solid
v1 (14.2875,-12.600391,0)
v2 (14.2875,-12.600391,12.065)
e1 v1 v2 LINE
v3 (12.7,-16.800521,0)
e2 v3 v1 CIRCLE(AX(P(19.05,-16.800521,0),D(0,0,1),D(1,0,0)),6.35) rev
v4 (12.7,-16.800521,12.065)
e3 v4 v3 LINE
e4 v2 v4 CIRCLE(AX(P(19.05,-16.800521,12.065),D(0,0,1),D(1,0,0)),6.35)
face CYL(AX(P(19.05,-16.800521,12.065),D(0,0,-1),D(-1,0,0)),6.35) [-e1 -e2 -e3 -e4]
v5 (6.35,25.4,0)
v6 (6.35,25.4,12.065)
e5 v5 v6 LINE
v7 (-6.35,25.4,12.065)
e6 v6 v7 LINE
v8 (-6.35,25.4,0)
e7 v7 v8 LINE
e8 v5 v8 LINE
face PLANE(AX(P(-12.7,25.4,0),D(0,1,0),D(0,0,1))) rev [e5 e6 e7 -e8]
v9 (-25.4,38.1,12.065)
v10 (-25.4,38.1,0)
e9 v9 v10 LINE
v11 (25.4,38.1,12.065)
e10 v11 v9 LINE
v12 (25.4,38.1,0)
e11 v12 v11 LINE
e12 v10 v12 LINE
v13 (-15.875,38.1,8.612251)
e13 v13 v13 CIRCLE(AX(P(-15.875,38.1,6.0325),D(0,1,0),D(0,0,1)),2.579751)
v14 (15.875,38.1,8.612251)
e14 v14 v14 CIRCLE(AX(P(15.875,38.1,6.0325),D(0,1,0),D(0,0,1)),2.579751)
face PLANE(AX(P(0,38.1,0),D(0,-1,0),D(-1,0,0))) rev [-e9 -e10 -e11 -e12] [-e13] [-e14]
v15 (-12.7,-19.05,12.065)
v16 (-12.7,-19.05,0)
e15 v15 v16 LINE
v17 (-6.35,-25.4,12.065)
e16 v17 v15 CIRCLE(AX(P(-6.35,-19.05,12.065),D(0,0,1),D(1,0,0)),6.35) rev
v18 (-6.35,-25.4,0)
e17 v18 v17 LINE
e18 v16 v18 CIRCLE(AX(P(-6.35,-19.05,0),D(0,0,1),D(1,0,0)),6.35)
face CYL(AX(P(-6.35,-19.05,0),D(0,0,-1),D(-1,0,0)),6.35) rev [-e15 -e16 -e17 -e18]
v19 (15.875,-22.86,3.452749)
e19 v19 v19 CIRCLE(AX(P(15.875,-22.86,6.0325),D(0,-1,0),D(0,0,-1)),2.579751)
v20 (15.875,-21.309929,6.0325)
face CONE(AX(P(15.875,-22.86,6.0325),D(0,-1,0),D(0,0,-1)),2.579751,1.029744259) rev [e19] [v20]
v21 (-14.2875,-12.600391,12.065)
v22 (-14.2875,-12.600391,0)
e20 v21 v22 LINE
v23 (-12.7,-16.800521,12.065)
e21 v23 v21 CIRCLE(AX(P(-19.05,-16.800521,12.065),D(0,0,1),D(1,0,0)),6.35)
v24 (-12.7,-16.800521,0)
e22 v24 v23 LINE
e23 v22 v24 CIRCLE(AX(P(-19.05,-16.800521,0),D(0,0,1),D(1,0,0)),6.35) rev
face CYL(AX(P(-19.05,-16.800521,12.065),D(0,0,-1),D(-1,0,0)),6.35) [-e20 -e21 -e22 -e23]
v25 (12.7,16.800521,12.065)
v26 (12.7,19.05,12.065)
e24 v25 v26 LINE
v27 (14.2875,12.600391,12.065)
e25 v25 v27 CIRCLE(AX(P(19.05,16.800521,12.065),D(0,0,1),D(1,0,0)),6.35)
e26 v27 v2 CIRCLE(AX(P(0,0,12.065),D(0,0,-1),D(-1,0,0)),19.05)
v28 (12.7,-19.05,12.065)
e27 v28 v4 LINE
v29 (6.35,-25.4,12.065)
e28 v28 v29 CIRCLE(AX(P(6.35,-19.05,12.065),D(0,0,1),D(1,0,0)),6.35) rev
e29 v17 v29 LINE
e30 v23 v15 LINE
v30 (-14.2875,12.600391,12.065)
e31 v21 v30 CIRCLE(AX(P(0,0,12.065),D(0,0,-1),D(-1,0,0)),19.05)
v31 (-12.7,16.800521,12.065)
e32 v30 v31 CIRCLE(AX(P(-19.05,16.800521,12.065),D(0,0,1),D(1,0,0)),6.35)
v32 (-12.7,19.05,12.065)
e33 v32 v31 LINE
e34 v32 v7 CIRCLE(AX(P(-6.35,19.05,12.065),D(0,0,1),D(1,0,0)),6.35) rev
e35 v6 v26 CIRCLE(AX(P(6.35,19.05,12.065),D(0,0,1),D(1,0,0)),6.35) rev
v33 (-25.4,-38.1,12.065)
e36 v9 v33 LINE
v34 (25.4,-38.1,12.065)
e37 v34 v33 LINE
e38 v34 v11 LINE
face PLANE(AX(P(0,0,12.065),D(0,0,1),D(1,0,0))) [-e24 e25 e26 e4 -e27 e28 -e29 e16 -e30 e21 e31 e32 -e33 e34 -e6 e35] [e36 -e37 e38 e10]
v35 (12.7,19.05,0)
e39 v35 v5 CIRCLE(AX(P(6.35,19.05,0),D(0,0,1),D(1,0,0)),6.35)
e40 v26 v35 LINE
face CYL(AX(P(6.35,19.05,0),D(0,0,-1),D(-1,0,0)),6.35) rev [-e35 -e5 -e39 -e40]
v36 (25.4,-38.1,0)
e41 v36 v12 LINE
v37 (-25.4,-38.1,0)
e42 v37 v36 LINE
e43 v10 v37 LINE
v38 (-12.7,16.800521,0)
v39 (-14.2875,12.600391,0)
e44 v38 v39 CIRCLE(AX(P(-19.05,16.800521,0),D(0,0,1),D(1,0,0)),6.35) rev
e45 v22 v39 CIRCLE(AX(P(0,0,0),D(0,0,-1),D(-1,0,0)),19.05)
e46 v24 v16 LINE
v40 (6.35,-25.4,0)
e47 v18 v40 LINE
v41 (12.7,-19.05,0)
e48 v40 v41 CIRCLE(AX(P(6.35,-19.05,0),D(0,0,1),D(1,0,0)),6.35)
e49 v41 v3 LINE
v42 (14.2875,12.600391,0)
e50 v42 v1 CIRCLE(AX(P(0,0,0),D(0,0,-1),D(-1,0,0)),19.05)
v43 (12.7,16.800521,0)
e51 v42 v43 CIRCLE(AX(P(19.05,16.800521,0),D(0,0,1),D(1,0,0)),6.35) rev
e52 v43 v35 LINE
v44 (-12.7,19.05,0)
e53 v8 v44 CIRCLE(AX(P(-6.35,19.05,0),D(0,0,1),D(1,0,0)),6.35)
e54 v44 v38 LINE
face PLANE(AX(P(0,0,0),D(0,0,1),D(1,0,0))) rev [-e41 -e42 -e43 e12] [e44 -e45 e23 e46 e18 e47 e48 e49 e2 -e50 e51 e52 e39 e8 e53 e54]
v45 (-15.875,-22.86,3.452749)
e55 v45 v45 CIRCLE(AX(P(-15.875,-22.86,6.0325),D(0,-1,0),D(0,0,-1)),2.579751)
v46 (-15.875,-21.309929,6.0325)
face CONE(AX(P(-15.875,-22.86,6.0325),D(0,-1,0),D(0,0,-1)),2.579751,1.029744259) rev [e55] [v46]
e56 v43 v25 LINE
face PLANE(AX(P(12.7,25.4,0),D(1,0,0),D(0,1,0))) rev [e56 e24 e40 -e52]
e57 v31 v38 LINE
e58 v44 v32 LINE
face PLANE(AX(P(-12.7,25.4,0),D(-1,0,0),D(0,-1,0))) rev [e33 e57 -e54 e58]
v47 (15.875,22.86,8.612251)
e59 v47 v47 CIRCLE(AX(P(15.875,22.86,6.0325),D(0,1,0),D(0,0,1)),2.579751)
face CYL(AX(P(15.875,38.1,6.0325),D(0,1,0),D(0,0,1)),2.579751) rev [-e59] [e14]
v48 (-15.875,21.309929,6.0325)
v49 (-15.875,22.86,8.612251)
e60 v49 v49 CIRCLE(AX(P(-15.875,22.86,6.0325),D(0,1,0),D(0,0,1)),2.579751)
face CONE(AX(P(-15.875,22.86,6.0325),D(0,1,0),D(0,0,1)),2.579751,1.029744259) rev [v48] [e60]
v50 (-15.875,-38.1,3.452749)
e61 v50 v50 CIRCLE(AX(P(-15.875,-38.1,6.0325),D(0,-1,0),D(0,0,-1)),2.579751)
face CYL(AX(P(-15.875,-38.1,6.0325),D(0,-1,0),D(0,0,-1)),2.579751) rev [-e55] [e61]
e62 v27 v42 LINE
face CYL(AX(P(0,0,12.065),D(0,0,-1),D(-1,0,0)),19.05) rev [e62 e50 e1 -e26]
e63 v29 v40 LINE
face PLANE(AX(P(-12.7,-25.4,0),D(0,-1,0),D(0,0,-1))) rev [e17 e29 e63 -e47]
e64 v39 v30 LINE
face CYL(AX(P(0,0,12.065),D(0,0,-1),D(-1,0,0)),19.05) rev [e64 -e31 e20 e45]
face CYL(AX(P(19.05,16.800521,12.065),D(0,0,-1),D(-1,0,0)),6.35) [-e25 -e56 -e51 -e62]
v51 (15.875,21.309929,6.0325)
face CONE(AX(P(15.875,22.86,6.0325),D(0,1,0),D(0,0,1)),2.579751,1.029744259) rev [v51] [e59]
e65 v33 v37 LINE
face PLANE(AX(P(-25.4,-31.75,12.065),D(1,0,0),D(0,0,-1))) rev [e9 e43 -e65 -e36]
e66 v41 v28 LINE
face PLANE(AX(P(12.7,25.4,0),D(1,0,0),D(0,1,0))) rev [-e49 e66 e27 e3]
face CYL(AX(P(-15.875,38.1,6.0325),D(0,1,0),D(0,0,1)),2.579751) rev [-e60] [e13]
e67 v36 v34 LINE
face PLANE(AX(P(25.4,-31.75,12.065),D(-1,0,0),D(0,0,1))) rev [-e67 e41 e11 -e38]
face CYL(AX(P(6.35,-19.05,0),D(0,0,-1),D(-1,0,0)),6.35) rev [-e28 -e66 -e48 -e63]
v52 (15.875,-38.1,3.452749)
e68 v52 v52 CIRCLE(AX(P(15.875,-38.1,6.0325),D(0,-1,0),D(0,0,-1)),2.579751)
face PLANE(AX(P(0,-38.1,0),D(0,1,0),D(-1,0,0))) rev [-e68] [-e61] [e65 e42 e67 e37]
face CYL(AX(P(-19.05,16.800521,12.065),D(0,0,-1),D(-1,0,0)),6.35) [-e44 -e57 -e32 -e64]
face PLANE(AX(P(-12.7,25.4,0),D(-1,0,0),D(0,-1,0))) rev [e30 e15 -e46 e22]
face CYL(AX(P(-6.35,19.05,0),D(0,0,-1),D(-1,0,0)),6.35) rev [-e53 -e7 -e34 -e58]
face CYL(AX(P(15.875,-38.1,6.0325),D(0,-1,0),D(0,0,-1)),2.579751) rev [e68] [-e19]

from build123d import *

# Parameters (mm, degrees)
SKETCH1_W                                 = 50.8
SKETCH1_H                                 = 63.5
BOSS_EXTRUDE1_DEPTH                       = 12.065
SKETCH6_W                                 = 50.8
SKETCH6_H                                 = 12.065
BOSS_EXTRUDE2_DEPTH                       = 6.35
F_13_64_0_20313_DIAMETER_HOLE1_AT_2_COUNT = 2
F_13_64_0_20313_DIAMETER_HOLE1_AT_2_PITCH = 31.75
SKETCH12_W                                = 25.4
SKETCH12_H                                = 50.8
CUT_EXTRUDE7_DEPTH                        = 48.353291596
FILLET1_R                                 = 6.35
SKETCH13_R                                = 19.05
CUT_EXTRUDE8_DEPTH                        = 48.353291596
FILLET2_R                                 = 6.35


with BuildPart() as part:
    # Sketch1 → Boss-Extrude1 (new body)
    with BuildSketch(Plane.XY):
        Rectangle(SKETCH1_W, SKETCH1_H)
    extrude(amount=BOSS_EXTRUDE1_DEPTH)

    # Sketch6 → Boss-Extrude2 (add)
    with BuildSketch(Plane.XZ.offset(31.75)):
        with Locations((0, 6.0325)):
            Rectangle(SKETCH6_W, SKETCH6_H)
    boss_extrude2 = extrude(amount=BOSS_EXTRUDE2_DEPTH)

    # Sketch8 → 13_64 _0.20313_ Diameter Hole1 (revolve, cut)
    with BuildSketch(Plane(origin=(-15.875, -38.1, 6.0325), x_dir=(0, 0, -1), z_dir=(1, 0, 0))):
        Polygon((0, 0), (0, 16.790070783), (2.579751, 15.24), (2.579751, 0), align=None)
    f_13_64_0_20313_diameter_hole1 = revolve(axis=Axis((-15.875, -44.45, 6.0325), (0, 1, 0)), mode=Mode.SUBTRACT)

    # 13_64 _0.20313_ Diameter Hole1 at 2: 13_64 _0.20313_ Diameter Hole1 ×2
    with Locations(*[(i * F_13_64_0_20313_DIAMETER_HOLE1_AT_2_PITCH, 0, 0) for i in range(1, F_13_64_0_20313_DIAMETER_HOLE1_AT_2_COUNT)]):
        add(f_13_64_0_20313_diameter_hole1, mode=Mode.SUBTRACT)

    # Mirror2: Boss-Extrude2, 13_64 _0.20313_ Diameter Hole1 across plane
    add(boss_extrude2.mirror(Plane.ZX))
    add(f_13_64_0_20313_diameter_hole1.mirror(Plane.ZX), mode=Mode.SUBTRACT)

    # Mirror2 copy 1 sketch → Mirror2 copy 1 (revolve, cut)
    with BuildSketch(Plane(origin=(15.875, 38.1, 6.0325), x_dir=(0, 0, -1), z_dir=(1, 0, 0))):
        Polygon((0, 0), (0, -16.790070783), (2.579751, -15.24), (2.579751, 0), align=None)
    revolve(axis=Axis((15.875, 44.45, 6.0325), (0, 1, 0)), mode=Mode.SUBTRACT)

    # Sketch12 → Cut-Extrude7 (cut, through all)
    with BuildSketch(Plane.XY.offset(12.065)):
        Rectangle(SKETCH12_W, SKETCH12_H)
    extrude(amount=-CUT_EXTRUDE7_DEPTH, mode=Mode.SUBTRACT)

    # Fillet1
    fillet1_edges = [part.edges().sort_by_distance(p)[0] for p in [
        (-12.7, -25.4, 6.0325),
        (-12.7, 25.4, 6.0325),
        (12.7, 25.4, 6.0325),
        (12.7, -25.4, 6.0325),
    ]]
    fillet(fillet1_edges, radius=FILLET1_R)

    # Sketch13 → Cut-Extrude8 (cut, through all)
    with BuildSketch(Plane(origin=(0, 0, 0), x_dir=(-1, 0, 0), z_dir=(0, 0, -1))):
        Circle(SKETCH13_R)
    extrude(amount=-CUT_EXTRUDE8_DEPTH, mode=Mode.SUBTRACT)

    # Fillet2
    fillet2_edges = [part.edges().sort_by_distance(p)[0] for p in [
        (12.7, 14.199031657, 6.0325),
        (12.7, -14.199031657, 6.0325),
        (-12.7, 14.199031657, 6.0325),
        (-12.7, -14.199031657, 6.0325),
    ]]
    fillet(fillet2_edges, radius=FILLET2_R)


solid = part.part
